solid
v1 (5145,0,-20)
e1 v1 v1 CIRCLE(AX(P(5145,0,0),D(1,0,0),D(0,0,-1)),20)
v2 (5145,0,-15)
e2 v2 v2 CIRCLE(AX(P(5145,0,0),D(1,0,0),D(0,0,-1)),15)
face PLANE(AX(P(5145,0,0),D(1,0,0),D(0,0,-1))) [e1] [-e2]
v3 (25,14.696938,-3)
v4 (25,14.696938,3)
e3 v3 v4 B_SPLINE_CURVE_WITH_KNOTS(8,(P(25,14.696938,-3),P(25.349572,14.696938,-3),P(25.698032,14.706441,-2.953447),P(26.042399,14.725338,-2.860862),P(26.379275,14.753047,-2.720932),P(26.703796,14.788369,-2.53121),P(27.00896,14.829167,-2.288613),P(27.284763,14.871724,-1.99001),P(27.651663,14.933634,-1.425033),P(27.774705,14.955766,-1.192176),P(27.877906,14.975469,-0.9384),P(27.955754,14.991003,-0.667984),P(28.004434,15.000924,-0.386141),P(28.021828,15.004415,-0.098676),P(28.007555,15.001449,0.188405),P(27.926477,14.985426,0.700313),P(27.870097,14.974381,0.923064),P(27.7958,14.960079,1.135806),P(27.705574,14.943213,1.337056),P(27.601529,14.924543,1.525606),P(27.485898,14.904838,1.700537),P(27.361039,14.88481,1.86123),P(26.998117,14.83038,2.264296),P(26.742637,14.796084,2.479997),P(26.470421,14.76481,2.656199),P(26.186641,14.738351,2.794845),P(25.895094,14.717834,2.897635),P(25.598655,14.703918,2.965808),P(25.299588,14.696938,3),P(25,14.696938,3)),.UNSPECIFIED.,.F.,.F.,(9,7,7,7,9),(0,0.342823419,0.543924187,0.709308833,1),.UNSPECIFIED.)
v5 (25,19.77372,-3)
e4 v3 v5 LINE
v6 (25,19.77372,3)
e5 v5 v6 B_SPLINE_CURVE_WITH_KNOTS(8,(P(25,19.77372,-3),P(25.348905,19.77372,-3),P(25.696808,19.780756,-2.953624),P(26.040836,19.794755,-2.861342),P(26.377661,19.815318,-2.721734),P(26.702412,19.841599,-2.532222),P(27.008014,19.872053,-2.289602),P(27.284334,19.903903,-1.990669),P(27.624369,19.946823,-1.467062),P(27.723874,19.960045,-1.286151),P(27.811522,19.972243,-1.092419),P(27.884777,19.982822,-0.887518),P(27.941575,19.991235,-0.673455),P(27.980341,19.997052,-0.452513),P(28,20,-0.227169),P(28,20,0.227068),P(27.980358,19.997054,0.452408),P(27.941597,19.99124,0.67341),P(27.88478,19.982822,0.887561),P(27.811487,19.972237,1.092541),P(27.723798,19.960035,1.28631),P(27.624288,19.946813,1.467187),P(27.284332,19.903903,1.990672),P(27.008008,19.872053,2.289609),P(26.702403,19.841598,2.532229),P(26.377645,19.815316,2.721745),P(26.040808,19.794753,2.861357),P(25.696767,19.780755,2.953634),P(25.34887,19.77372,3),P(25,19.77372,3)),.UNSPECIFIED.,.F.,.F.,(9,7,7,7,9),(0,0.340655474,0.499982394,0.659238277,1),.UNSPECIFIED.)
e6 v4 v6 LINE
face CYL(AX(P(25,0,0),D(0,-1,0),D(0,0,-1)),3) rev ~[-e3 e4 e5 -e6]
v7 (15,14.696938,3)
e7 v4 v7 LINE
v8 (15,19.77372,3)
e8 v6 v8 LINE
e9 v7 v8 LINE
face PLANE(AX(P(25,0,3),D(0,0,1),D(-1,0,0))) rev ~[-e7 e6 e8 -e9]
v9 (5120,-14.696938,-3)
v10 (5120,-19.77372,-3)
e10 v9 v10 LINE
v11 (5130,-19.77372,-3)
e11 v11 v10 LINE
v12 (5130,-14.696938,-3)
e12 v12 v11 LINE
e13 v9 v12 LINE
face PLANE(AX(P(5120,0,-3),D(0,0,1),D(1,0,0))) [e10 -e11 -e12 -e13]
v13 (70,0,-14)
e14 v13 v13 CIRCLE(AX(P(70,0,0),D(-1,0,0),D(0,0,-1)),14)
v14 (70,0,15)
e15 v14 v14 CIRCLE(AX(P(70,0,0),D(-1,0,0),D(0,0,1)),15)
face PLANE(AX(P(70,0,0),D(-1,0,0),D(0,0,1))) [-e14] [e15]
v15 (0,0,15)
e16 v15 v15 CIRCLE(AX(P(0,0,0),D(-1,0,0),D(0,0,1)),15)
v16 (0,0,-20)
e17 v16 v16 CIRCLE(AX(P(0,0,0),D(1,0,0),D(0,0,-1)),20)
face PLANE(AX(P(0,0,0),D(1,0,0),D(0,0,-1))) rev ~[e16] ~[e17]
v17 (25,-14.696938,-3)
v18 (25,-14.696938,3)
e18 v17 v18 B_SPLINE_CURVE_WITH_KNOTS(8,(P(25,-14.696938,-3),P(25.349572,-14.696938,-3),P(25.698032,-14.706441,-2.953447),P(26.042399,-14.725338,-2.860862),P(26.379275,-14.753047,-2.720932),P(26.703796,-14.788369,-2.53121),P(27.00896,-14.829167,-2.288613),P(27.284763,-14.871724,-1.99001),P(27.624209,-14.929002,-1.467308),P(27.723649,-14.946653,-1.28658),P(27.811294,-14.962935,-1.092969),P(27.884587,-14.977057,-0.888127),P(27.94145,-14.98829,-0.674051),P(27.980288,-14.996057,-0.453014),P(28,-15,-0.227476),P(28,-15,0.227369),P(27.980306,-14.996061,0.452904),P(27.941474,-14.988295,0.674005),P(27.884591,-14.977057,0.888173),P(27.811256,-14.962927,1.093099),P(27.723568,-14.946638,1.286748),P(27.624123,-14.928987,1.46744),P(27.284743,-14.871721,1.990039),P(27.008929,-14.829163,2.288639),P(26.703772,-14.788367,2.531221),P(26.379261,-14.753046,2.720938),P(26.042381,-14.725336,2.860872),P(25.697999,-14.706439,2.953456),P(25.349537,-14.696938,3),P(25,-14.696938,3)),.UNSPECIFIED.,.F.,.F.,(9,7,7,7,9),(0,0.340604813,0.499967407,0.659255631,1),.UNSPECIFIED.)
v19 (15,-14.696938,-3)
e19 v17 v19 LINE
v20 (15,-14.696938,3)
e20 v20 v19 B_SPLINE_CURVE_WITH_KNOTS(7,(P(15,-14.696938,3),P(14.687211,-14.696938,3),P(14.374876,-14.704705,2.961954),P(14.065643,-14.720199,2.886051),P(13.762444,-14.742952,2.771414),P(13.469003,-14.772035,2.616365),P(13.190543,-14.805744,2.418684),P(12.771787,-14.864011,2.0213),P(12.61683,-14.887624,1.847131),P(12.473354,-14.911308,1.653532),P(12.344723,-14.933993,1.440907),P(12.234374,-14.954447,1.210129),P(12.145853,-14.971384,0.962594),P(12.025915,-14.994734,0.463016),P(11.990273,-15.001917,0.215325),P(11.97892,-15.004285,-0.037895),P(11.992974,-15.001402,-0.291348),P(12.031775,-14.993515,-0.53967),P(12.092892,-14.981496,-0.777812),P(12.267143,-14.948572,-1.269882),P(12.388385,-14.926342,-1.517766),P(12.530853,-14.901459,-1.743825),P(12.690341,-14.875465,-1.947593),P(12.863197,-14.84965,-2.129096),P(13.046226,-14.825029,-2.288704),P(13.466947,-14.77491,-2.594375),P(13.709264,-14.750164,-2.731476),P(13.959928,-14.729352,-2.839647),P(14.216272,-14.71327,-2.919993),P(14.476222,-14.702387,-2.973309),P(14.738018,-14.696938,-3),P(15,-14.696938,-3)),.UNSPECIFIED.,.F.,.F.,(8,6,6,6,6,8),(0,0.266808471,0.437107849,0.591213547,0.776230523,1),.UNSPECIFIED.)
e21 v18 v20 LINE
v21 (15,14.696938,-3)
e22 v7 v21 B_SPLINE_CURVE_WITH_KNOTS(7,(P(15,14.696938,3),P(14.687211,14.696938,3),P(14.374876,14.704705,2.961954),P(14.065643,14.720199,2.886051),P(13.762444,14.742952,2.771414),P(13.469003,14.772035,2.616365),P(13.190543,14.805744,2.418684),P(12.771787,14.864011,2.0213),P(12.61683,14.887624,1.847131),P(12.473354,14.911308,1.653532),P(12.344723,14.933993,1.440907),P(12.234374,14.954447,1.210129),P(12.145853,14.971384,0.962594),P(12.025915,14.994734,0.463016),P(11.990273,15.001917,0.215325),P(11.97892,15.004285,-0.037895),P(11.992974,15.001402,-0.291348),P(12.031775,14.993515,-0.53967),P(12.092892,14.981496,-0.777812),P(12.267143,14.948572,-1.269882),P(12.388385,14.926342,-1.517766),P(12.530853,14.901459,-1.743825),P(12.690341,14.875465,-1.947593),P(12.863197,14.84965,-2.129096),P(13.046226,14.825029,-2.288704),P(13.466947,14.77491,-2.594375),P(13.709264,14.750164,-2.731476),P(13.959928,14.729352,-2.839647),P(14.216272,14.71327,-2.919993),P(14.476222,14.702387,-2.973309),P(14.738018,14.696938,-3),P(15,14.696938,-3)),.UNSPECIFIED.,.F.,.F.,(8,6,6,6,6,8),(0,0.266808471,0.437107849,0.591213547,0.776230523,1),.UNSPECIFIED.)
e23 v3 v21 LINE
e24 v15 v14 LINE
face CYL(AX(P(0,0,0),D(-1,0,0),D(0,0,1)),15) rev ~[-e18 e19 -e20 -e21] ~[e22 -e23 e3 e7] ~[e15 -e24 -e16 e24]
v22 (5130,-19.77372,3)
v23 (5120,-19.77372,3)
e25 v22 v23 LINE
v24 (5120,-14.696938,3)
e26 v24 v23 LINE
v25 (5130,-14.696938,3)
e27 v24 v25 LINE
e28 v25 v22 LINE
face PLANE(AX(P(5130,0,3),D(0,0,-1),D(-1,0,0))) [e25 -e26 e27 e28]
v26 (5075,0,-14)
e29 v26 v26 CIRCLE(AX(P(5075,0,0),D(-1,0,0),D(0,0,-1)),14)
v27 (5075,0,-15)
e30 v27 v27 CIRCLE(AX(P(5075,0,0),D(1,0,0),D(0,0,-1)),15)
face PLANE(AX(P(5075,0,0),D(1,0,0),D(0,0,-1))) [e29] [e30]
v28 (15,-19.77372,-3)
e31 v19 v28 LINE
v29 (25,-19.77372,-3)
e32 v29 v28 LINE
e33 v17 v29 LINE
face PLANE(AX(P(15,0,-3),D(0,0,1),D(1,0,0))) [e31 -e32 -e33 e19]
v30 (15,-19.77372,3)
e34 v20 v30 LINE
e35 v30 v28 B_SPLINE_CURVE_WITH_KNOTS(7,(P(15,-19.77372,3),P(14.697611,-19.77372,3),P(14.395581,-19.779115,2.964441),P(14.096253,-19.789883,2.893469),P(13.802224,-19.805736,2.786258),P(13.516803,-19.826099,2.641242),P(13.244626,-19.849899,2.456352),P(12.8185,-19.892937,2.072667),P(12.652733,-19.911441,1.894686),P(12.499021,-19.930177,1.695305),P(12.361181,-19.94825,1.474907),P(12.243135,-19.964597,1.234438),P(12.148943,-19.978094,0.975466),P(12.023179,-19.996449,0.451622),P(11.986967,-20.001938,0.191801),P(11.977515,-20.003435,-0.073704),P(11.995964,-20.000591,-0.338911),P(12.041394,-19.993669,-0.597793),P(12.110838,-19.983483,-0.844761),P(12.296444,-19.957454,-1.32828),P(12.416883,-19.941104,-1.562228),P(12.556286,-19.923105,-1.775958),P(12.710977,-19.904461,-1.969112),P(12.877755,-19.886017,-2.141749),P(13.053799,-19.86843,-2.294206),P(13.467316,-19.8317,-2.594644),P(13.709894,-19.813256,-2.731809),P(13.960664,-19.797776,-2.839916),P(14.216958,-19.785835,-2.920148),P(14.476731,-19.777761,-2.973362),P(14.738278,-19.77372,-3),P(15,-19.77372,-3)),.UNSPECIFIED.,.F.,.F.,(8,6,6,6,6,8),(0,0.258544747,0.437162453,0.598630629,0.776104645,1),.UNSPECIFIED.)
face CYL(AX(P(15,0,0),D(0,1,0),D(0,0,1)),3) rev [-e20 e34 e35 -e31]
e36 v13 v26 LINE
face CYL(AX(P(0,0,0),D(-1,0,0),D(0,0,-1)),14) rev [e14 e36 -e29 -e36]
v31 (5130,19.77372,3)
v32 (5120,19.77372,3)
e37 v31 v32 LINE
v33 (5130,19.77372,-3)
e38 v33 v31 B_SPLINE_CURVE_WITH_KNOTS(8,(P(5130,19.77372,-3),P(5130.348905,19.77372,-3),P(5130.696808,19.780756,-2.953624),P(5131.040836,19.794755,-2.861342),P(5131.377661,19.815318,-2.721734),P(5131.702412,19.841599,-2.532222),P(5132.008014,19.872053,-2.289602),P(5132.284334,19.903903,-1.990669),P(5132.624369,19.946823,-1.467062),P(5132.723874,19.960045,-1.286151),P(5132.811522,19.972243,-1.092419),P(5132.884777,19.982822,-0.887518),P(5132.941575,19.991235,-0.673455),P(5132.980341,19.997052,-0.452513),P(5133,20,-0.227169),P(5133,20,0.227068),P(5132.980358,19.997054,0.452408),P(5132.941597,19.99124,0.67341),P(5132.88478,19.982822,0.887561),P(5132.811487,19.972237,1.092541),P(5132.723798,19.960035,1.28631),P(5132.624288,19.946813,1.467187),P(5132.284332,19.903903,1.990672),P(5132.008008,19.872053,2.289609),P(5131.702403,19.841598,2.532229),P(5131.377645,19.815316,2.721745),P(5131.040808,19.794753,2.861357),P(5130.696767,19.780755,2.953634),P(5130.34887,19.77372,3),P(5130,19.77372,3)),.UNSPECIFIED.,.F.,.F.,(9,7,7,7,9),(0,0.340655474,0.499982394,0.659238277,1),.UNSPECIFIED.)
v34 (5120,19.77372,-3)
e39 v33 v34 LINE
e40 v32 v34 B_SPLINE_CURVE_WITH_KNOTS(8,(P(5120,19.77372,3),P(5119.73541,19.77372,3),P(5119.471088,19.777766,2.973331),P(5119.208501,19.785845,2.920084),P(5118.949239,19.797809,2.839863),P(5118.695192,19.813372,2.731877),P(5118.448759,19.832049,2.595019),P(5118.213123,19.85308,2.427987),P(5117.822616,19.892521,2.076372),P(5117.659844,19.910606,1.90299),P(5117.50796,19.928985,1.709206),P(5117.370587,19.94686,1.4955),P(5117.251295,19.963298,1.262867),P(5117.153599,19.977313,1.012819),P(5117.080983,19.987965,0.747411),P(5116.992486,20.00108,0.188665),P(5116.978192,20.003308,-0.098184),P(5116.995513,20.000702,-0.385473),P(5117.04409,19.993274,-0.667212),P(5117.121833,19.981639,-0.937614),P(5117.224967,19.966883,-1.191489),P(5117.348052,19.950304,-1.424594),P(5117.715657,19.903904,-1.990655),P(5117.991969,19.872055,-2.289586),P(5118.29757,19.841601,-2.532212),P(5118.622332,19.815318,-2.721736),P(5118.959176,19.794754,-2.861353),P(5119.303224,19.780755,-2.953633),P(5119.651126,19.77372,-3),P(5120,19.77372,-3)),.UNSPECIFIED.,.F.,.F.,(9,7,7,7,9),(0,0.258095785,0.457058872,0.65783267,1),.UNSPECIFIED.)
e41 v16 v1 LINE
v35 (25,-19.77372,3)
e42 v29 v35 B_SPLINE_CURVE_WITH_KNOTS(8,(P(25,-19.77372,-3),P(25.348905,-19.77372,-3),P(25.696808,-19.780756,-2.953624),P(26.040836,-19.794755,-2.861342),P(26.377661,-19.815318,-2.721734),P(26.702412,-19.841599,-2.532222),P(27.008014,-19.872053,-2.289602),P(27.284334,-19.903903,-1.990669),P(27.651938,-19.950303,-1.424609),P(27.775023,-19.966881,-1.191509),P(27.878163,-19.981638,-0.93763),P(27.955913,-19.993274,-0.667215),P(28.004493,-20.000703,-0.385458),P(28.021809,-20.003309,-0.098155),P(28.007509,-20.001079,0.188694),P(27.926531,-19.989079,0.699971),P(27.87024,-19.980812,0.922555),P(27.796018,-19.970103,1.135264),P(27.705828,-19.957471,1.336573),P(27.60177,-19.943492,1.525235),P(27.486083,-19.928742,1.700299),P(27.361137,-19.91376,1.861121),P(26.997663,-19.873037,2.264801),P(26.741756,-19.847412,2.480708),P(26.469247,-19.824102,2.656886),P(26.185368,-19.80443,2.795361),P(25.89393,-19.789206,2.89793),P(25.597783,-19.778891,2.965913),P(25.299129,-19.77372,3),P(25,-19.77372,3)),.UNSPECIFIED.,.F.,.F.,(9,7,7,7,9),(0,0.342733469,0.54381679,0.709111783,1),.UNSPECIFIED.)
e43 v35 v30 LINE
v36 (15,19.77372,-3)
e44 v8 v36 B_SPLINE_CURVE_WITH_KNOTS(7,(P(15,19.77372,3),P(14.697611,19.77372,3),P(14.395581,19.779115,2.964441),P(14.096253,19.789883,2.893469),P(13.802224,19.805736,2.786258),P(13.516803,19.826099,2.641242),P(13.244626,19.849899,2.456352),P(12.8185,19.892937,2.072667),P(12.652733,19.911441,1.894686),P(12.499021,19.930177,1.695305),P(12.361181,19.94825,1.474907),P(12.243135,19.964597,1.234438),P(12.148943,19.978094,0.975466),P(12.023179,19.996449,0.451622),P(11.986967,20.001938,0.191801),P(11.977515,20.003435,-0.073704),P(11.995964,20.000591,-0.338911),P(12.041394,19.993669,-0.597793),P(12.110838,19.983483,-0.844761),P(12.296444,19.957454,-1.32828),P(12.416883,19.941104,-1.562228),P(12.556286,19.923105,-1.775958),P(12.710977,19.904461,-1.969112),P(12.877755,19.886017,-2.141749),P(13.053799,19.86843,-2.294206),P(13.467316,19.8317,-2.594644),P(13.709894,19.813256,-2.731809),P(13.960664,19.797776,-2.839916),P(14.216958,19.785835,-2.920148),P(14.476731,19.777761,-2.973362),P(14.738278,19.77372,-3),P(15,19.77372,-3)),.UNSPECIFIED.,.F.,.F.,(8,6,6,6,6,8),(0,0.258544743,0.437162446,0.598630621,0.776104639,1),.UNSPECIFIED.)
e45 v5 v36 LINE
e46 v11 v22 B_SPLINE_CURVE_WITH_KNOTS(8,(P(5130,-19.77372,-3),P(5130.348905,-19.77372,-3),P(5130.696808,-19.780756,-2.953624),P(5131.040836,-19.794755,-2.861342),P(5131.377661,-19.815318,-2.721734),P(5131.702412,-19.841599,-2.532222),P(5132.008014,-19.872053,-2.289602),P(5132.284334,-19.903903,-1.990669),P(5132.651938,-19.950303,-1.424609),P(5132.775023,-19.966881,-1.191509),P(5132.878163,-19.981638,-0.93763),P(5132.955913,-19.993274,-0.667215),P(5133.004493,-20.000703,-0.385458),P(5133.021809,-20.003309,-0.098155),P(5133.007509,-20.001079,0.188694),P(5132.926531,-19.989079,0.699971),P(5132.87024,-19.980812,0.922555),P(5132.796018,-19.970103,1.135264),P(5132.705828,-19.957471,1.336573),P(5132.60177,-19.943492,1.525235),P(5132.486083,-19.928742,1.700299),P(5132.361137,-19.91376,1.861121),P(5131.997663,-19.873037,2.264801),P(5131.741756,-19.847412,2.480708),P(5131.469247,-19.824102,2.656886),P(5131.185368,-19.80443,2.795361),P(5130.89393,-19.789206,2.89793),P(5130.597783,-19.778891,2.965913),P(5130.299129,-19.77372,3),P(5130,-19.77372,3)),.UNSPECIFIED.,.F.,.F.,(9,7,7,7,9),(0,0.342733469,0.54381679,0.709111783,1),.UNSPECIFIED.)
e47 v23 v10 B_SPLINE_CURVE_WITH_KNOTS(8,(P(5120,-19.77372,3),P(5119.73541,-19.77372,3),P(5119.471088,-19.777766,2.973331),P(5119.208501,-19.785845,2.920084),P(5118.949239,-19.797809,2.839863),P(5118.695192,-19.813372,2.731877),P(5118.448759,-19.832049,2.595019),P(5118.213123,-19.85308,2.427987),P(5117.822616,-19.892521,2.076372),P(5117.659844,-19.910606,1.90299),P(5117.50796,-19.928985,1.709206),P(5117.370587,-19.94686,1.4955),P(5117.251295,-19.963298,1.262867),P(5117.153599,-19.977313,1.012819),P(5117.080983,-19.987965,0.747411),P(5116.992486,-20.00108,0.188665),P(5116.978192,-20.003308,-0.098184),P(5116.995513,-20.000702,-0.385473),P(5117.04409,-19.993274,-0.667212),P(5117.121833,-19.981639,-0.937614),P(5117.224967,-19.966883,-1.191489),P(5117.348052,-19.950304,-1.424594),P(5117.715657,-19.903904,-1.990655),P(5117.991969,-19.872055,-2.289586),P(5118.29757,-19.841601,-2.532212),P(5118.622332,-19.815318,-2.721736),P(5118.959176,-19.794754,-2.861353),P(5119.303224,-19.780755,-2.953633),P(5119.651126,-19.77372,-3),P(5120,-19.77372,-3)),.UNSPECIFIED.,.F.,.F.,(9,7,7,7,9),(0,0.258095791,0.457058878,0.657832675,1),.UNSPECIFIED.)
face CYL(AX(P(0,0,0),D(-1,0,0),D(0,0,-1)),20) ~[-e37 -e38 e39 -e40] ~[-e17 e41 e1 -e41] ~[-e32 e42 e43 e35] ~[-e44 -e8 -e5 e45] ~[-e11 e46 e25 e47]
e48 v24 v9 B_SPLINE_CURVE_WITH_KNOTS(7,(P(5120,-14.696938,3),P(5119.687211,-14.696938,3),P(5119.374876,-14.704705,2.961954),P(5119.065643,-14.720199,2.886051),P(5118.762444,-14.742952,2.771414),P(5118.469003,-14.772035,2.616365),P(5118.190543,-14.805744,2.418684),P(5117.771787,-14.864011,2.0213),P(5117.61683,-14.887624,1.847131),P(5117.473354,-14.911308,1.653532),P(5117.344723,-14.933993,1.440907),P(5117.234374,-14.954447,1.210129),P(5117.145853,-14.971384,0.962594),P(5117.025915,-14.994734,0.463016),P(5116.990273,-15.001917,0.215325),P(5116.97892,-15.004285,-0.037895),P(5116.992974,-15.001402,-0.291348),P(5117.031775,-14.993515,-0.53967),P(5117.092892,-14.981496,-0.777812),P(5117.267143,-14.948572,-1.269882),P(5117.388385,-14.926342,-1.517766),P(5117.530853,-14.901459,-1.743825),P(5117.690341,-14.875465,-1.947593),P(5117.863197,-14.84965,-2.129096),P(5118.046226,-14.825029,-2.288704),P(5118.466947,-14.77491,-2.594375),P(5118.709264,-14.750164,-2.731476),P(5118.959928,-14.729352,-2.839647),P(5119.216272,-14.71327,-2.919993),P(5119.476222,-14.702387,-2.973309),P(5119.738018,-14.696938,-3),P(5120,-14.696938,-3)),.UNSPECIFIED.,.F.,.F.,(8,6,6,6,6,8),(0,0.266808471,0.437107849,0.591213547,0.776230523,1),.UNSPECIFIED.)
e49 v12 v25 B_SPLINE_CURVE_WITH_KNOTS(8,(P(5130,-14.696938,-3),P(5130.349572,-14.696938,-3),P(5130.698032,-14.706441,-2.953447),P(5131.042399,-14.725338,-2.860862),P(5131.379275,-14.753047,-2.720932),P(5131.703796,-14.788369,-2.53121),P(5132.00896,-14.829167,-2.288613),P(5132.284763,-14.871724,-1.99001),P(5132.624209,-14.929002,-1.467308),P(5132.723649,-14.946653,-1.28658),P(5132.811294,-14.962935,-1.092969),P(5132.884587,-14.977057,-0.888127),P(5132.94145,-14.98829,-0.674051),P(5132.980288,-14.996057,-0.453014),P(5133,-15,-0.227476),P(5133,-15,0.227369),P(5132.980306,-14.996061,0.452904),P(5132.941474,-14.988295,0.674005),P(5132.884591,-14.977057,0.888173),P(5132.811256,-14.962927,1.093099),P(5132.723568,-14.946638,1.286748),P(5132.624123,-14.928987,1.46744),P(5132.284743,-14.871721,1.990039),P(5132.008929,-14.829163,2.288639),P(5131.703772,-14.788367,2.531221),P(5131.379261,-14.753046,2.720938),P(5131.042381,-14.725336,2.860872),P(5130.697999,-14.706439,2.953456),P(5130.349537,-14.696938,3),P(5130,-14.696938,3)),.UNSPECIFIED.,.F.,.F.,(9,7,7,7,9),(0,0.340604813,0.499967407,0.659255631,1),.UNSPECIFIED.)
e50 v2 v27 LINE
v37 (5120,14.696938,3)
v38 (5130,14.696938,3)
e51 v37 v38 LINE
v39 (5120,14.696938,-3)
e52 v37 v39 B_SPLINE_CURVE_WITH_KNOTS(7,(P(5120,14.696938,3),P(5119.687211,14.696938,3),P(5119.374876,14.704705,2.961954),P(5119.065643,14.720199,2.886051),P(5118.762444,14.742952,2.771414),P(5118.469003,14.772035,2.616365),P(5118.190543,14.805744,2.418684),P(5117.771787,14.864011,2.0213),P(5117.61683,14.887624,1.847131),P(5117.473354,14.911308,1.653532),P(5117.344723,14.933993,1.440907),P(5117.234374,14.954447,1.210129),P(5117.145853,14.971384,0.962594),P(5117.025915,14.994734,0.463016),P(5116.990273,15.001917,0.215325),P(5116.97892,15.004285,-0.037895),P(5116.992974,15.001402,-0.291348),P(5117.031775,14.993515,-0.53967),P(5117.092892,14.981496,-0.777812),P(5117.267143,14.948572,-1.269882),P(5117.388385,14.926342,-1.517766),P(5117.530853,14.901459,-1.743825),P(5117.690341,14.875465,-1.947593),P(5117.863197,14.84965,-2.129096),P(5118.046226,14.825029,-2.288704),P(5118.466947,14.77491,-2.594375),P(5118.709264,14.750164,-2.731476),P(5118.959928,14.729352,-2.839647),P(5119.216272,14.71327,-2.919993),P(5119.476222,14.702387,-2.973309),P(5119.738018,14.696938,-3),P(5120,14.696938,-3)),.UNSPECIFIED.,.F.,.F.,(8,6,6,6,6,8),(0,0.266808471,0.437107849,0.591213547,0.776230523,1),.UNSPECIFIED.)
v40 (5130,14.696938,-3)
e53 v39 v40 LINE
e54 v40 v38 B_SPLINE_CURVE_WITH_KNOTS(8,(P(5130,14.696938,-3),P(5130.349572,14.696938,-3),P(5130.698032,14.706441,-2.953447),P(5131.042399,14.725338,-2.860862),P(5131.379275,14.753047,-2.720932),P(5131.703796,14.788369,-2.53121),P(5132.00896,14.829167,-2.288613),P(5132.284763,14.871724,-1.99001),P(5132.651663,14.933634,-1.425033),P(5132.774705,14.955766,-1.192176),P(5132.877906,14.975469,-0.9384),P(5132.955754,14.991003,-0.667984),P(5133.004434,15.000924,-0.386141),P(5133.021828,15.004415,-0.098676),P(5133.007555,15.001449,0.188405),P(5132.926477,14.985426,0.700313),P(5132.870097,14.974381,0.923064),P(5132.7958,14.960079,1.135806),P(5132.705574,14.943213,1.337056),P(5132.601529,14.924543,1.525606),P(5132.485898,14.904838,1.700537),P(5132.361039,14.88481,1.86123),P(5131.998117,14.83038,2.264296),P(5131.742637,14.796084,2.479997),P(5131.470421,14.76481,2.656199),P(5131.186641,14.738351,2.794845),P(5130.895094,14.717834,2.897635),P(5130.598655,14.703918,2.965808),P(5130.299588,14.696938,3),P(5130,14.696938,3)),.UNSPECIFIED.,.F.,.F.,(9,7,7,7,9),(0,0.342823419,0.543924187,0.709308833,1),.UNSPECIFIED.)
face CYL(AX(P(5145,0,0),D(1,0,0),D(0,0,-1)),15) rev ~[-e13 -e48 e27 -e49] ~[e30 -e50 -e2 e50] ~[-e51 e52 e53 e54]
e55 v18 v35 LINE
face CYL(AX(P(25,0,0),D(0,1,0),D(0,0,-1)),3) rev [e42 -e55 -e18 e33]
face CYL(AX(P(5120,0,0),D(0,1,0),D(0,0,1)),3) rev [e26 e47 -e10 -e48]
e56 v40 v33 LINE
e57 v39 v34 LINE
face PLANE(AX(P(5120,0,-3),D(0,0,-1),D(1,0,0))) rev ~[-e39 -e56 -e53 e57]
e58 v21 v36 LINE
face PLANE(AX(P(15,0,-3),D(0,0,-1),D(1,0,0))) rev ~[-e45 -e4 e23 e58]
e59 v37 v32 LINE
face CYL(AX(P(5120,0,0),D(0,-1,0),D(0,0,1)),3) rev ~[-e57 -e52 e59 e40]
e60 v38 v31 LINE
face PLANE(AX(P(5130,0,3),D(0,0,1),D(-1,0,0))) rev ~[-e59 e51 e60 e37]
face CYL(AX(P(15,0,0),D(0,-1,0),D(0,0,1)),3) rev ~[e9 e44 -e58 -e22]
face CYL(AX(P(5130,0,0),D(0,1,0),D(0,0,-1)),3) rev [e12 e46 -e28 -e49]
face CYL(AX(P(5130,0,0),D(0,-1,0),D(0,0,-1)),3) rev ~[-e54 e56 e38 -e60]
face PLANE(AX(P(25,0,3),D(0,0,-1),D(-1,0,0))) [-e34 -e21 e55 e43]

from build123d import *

# Parameters (mm, degrees)
SKETCH_1_R               = 20
SKETCH_1_R_2             = 14
EXTRUDE_1_DEPTH          = 5145
SKETCH_2_R               = 15
CUT_EXTRUDE_1_DEPTH      = 70
SKETCH_3_R               = 15
CUT_EXTRUDE_2_DEPTH      = 70
CUT_EXTRUDE_3_DEPTH      = 21
CUT_EXTRUDE_3_DEPTH_BACK = 21


with BuildPart() as part:
    # 草图1 → 凸台-拉伸1 (new body)
    with BuildSketch(Plane(origin=(0, 0, 0), x_dir=(0, 0, -1), z_dir=(1, 0, 0))):
        Circle(SKETCH_1_R)
        Circle(SKETCH_1_R_2, mode=Mode.SUBTRACT)
    extrude(amount=EXTRUDE_1_DEPTH)

    # 草图2 → 切除-拉伸1 (cut)
    with BuildSketch(Plane.ZY):
        Circle(SKETCH_2_R)
    extrude(amount=-CUT_EXTRUDE_1_DEPTH, mode=Mode.SUBTRACT)

    # 草图3 → 切除-拉伸2 (cut)
    with BuildSketch(Plane(origin=(5145, 0, 0), x_dir=(0, 0, -1), z_dir=(1, 0, 0))):
        Circle(SKETCH_3_R)
    extrude(amount=-CUT_EXTRUDE_2_DEPTH, mode=Mode.SUBTRACT)

    # 草图4 → 切除-拉伸3 (cut, two sides)
    with BuildSketch(Plane(origin=(0, 0, 0), x_dir=(1, 0, 0), z_dir=(0, 1, 0))) as cut_extrude_3_sk:
        with BuildLine():
            Line((5120, 3), (5130, 3))
            ThreePointArc((5130, 3), (5133, 0), (5130, -3))
            Line((5130, -3), (5120, -3))
            ThreePointArc((5120, -3), (5117, 0), (5120, 3))
        make_face()
        with BuildLine():
            Line((15, 3), (25, 3))
            ThreePointArc((25, 3), (28, 0), (25, -3))
            Line((25, -3), (15, -3))
            ThreePointArc((15, -3), (12, 0), (15, 3))
        make_face()
    extrude(amount=CUT_EXTRUDE_3_DEPTH, mode=Mode.SUBTRACT)
    extrude(cut_extrude_3_sk.sketch, amount=-CUT_EXTRUDE_3_DEPTH_BACK, mode=Mode.SUBTRACT)


solid = part.part
